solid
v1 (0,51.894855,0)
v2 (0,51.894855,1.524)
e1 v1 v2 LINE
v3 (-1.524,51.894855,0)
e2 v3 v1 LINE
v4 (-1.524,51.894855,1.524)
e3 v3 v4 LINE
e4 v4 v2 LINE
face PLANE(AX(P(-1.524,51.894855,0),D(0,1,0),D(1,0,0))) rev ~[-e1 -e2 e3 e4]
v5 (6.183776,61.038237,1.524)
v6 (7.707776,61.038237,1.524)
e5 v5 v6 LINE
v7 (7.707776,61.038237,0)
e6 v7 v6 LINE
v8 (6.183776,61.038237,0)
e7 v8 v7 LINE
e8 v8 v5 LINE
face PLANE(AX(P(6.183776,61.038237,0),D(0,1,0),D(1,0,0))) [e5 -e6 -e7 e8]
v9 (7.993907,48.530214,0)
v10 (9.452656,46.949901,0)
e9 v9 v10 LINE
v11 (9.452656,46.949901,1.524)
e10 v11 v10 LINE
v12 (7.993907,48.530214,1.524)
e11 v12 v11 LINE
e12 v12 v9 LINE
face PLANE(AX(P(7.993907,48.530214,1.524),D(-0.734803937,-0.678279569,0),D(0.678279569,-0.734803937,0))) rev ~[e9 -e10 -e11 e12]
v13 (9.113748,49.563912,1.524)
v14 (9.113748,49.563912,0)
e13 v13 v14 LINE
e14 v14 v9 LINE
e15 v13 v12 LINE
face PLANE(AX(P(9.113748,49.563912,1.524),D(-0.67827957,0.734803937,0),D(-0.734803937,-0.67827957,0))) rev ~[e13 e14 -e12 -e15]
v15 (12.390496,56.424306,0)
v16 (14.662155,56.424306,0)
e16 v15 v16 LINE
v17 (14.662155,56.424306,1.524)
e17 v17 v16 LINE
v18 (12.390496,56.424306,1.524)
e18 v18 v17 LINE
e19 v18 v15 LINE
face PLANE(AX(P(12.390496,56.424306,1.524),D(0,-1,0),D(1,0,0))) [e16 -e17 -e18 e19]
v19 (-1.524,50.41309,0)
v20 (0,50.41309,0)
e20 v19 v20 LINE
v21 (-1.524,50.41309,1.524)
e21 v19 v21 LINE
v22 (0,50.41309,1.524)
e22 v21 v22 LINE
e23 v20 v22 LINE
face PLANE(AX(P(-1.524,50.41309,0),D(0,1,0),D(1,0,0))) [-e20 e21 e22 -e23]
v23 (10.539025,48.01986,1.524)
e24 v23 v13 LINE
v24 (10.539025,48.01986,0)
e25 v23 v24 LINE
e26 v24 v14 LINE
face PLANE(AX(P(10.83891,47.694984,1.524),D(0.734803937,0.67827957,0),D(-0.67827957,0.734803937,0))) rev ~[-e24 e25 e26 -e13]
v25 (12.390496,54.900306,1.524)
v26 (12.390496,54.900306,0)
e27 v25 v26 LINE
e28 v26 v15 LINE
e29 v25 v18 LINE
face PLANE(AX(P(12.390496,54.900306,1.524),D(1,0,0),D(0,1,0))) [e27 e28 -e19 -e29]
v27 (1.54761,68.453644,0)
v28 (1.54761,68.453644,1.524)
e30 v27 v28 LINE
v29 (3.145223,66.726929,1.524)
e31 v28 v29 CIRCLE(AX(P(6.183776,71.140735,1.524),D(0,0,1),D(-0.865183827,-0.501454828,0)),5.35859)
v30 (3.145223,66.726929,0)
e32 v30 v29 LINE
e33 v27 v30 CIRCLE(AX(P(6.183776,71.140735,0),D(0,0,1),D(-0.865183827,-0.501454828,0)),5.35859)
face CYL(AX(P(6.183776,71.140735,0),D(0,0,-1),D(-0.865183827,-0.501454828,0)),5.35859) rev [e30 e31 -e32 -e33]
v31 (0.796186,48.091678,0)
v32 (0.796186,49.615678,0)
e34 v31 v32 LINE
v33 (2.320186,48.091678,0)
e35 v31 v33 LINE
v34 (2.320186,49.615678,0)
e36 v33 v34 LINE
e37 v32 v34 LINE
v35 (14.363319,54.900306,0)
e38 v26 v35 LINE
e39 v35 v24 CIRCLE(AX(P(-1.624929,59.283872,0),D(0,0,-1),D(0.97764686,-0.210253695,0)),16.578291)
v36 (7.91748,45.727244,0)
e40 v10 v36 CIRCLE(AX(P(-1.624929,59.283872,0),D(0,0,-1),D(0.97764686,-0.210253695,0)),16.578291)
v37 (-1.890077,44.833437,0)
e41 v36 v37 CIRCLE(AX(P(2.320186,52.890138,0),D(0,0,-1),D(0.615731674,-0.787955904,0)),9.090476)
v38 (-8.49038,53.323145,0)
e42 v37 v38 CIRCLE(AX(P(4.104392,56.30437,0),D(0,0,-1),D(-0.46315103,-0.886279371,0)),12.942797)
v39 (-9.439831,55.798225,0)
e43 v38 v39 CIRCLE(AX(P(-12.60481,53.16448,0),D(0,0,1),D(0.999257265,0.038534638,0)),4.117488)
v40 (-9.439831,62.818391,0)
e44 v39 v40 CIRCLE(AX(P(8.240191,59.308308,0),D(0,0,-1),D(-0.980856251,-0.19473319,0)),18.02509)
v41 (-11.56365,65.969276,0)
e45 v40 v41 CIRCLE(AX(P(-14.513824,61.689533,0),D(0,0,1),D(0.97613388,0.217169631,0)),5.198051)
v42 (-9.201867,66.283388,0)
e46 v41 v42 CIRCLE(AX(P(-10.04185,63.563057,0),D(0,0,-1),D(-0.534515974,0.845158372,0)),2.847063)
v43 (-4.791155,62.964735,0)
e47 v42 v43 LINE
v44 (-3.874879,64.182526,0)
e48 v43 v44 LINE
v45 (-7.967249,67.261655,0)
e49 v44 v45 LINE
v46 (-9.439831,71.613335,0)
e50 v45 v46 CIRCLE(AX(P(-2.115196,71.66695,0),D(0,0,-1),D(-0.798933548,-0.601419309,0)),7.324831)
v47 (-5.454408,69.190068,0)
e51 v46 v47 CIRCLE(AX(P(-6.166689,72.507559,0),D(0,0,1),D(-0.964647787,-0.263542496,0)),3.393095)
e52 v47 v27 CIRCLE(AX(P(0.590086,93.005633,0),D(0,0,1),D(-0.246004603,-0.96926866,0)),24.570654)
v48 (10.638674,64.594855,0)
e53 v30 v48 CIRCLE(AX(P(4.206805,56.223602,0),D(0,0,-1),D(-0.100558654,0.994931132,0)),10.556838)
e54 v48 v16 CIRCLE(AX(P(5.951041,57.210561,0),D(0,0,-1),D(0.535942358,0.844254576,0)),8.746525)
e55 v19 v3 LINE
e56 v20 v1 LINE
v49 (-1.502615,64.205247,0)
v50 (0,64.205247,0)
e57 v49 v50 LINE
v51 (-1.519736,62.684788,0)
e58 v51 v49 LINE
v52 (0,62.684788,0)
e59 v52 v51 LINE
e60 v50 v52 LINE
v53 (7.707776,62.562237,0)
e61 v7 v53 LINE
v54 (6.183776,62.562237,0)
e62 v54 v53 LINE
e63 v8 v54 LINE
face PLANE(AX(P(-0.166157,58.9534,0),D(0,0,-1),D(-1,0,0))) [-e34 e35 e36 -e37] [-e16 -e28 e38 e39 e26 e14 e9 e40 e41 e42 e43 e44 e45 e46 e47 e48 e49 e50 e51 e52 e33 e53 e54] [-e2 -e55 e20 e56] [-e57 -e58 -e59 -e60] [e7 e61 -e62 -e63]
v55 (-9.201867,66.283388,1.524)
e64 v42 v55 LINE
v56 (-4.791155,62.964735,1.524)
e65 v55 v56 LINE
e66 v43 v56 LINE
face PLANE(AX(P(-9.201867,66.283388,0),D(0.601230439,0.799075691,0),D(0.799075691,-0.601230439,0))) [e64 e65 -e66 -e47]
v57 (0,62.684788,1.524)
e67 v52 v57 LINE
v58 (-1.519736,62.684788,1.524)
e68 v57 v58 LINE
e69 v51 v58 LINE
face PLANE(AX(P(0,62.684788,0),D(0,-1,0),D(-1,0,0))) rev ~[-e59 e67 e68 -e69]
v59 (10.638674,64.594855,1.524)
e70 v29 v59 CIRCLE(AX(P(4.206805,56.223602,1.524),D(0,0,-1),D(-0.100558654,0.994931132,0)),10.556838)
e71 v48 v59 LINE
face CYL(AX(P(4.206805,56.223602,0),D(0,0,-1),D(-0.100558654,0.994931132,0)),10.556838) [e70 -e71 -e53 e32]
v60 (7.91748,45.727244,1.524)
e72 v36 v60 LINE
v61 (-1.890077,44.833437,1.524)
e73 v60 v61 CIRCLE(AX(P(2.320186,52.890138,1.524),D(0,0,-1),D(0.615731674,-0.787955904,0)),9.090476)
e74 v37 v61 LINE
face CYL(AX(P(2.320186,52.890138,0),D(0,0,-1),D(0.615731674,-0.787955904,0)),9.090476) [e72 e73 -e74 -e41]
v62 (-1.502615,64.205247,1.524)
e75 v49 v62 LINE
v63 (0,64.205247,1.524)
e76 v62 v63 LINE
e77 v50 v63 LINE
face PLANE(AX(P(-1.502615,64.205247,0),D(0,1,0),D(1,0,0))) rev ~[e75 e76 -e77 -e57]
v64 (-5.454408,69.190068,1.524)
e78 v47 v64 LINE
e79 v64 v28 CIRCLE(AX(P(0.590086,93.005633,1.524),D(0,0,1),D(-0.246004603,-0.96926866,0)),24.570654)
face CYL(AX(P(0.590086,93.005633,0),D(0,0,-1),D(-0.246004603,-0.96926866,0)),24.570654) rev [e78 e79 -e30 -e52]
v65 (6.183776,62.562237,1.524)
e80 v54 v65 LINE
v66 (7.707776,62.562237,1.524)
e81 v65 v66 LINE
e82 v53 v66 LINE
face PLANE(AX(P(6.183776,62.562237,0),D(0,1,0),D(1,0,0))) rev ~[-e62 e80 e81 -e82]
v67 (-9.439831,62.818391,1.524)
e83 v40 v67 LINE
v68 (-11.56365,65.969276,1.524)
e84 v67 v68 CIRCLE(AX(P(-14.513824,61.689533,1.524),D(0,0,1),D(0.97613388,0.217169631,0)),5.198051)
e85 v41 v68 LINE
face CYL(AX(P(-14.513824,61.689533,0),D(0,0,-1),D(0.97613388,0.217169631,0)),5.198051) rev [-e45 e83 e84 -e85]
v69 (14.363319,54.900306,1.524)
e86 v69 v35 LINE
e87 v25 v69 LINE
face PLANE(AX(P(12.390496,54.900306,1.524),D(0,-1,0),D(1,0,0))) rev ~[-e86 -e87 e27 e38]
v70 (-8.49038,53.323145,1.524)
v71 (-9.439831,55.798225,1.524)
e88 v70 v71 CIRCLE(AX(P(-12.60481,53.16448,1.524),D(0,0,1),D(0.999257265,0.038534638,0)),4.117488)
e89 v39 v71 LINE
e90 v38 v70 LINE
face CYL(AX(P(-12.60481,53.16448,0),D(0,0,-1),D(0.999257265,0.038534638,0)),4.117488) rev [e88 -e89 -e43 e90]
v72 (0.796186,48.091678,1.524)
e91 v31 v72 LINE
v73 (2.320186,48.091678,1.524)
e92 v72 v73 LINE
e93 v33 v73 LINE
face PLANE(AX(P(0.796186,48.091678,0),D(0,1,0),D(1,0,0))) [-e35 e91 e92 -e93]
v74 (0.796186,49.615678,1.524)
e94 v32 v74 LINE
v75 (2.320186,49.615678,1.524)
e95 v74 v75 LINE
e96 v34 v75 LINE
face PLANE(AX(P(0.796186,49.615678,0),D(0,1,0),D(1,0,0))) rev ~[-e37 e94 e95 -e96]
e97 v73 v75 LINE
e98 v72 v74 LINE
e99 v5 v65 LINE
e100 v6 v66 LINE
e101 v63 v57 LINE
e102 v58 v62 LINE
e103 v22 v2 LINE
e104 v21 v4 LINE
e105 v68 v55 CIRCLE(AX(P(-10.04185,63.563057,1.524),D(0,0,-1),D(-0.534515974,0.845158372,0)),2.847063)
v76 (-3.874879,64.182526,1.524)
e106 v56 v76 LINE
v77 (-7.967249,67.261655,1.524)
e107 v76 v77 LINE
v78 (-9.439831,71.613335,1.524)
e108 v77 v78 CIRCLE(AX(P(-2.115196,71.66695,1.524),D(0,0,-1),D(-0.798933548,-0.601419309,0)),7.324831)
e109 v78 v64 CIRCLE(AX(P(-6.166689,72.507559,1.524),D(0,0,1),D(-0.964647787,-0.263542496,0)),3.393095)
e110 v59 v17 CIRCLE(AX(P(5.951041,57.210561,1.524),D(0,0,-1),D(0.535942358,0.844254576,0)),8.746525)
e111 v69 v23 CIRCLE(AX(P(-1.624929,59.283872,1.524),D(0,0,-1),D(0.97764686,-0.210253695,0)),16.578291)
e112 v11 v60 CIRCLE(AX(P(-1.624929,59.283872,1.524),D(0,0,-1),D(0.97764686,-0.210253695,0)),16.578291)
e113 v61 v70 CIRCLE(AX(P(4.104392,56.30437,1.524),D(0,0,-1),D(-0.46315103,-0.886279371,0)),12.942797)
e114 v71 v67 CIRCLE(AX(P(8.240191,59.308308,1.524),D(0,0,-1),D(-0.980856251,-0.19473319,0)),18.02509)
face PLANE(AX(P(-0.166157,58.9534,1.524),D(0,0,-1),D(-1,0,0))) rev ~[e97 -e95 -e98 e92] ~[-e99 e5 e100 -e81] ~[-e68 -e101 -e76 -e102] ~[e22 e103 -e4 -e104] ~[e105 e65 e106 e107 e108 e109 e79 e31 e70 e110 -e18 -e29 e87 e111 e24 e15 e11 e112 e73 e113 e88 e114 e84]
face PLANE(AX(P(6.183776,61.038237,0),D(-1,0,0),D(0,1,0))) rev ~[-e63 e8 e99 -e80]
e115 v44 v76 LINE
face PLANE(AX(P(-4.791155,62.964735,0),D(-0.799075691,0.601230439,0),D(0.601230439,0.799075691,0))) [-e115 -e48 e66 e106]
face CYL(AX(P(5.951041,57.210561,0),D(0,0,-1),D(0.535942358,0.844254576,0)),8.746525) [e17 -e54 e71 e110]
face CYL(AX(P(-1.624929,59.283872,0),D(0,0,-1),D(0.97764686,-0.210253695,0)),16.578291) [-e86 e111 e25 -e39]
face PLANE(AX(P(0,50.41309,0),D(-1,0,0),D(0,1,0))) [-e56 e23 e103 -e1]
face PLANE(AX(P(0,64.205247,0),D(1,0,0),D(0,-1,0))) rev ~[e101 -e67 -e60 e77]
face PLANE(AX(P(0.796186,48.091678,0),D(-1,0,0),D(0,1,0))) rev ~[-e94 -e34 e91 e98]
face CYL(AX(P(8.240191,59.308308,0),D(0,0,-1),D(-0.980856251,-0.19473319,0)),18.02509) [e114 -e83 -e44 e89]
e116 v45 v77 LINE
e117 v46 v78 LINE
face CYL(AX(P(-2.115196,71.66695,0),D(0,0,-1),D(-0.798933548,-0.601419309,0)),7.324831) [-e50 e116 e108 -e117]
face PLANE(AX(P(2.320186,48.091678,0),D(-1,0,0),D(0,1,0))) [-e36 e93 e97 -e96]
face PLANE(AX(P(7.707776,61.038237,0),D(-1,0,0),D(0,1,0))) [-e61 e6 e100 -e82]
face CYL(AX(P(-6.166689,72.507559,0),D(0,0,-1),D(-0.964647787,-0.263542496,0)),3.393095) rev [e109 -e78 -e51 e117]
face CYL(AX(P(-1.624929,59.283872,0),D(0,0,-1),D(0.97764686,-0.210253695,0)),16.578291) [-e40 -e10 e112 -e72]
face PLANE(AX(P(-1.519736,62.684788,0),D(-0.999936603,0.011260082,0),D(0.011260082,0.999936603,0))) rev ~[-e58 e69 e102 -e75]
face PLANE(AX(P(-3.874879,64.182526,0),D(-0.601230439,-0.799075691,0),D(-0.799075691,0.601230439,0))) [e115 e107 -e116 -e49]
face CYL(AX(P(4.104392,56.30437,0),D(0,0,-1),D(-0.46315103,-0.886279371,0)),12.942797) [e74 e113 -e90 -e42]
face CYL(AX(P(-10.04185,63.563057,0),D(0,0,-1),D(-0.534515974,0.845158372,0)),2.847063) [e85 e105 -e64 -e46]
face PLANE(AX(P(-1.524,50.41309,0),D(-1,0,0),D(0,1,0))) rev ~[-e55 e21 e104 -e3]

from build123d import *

# Parameters (mm, degrees)
SKETCH1_W           = 1.524
SKETCH1_H           = 1.481764771
SKETCH1_H_2         = 1.524
BOSS_EXTRUDE1_DEPTH = 1.524
SKETCH2_W           = 2.901164826
SKETCH2_H           = 1.524
CUT_EXTRUDE1_DEPTH  = 1.524


with BuildPart() as part:
    # Sketch1 → Boss-Extrude1 (new body)
    with BuildSketch(Plane.XY):
        with BuildLine():
            Line((-9.201867242, 66.283387572), (-4.791154517, 62.964734812))
            Line((-4.791154517, 62.964734812), (-3.874879328, 64.182526165))
            Line((-3.874879328, 64.182526165), (-7.967249174, 67.261655396))
            ThreePointArc((-7.967249174, 67.261655396), (-9.053535436, 69.319058784), (-9.439830642, 71.613334825))
            ThreePointArc((-9.439830642, 71.613334825), (-7.929515653, 69.608329431), (-5.454408435, 69.190068442))
            ThreePointArc((-5.454408435, 69.190068442), (-1.979913279, 68.569755109), (1.547610416, 68.453643912))
            ThreePointArc((1.547610416, 68.453643912), (2.250493371, 67.501534847), (3.14522315, 66.726928661))
            ThreePointArc((3.14522315, 66.726928661), (7.095824067, 66.377438321), (10.638674299, 64.594854987))
            ThreePointArc((10.638674299, 64.594854987), (13.932057854, 60.788978675), (14.582785292, 55.798224871))
            ThreePointArc((14.582785292, 55.798224871), (12.199808945, 50.134207473), (7.917480129, 45.72724375))
            ThreePointArc((7.917480129, 45.72724375), (3.14522315, 43.837178873), (-1.890077483, 44.833436601))
            ThreePointArc((-1.890077483, 44.833436601), (-6.113668677, 48.360365036), (-8.490380039, 53.323145493))
            ThreePointArc((-8.490380039, 53.323145493), (-8.760469415, 54.639184362), (-9.439830642, 55.798224871))
            ThreePointArc((-9.439830642, 55.798224871), (-9.784898441, 59.308308116), (-9.439830642, 62.818391362))
            ThreePointArc((-9.439830642, 62.818391362), (-10.203506988, 64.594854987), (-11.563650446, 65.969276447))
            ThreePointArc((-11.563650446, 65.969276447), (-10.417196882, 66.385269605), (-9.201867242, 66.283387572))
        make_face()
        Polygon((-1.502614608, 64.205247413), (0, 64.205247413), (0, 62.684788315), (-1.519736188, 62.684788315), align=None, mode=Mode.SUBTRACT)
        with Locations((-0.762, 51.153972349)):
            Rectangle(SKETCH1_W, SKETCH1_H, mode=Mode.SUBTRACT)
        with Locations((6.945775543, 61.8002372)):
            Rectangle(SKETCH1_W, SKETCH1_H_2, mode=Mode.SUBTRACT)
        with Locations((1.55818596, 48.853678484)):
            Rectangle(SKETCH1_W, SKETCH1_H_2, mode=Mode.SUBTRACT)
    extrude(amount=BOSS_EXTRUDE1_DEPTH)

    # Sketch2 → Cut-Extrude1 (cut)
    with BuildSketch(Plane.XY.offset(1.524)):
        Polygon((10.838910474, 47.694983966), (9.113748292, 49.563912383), (7.993907093, 48.530214319), (9.719069274, 46.661285901), align=None)
        with Locations((13.841078696, 55.662305548)):
            Rectangle(SKETCH2_W, SKETCH2_H)
    extrude(amount=-CUT_EXTRUDE1_DEPTH, mode=Mode.SUBTRACT)


solid = part.part
